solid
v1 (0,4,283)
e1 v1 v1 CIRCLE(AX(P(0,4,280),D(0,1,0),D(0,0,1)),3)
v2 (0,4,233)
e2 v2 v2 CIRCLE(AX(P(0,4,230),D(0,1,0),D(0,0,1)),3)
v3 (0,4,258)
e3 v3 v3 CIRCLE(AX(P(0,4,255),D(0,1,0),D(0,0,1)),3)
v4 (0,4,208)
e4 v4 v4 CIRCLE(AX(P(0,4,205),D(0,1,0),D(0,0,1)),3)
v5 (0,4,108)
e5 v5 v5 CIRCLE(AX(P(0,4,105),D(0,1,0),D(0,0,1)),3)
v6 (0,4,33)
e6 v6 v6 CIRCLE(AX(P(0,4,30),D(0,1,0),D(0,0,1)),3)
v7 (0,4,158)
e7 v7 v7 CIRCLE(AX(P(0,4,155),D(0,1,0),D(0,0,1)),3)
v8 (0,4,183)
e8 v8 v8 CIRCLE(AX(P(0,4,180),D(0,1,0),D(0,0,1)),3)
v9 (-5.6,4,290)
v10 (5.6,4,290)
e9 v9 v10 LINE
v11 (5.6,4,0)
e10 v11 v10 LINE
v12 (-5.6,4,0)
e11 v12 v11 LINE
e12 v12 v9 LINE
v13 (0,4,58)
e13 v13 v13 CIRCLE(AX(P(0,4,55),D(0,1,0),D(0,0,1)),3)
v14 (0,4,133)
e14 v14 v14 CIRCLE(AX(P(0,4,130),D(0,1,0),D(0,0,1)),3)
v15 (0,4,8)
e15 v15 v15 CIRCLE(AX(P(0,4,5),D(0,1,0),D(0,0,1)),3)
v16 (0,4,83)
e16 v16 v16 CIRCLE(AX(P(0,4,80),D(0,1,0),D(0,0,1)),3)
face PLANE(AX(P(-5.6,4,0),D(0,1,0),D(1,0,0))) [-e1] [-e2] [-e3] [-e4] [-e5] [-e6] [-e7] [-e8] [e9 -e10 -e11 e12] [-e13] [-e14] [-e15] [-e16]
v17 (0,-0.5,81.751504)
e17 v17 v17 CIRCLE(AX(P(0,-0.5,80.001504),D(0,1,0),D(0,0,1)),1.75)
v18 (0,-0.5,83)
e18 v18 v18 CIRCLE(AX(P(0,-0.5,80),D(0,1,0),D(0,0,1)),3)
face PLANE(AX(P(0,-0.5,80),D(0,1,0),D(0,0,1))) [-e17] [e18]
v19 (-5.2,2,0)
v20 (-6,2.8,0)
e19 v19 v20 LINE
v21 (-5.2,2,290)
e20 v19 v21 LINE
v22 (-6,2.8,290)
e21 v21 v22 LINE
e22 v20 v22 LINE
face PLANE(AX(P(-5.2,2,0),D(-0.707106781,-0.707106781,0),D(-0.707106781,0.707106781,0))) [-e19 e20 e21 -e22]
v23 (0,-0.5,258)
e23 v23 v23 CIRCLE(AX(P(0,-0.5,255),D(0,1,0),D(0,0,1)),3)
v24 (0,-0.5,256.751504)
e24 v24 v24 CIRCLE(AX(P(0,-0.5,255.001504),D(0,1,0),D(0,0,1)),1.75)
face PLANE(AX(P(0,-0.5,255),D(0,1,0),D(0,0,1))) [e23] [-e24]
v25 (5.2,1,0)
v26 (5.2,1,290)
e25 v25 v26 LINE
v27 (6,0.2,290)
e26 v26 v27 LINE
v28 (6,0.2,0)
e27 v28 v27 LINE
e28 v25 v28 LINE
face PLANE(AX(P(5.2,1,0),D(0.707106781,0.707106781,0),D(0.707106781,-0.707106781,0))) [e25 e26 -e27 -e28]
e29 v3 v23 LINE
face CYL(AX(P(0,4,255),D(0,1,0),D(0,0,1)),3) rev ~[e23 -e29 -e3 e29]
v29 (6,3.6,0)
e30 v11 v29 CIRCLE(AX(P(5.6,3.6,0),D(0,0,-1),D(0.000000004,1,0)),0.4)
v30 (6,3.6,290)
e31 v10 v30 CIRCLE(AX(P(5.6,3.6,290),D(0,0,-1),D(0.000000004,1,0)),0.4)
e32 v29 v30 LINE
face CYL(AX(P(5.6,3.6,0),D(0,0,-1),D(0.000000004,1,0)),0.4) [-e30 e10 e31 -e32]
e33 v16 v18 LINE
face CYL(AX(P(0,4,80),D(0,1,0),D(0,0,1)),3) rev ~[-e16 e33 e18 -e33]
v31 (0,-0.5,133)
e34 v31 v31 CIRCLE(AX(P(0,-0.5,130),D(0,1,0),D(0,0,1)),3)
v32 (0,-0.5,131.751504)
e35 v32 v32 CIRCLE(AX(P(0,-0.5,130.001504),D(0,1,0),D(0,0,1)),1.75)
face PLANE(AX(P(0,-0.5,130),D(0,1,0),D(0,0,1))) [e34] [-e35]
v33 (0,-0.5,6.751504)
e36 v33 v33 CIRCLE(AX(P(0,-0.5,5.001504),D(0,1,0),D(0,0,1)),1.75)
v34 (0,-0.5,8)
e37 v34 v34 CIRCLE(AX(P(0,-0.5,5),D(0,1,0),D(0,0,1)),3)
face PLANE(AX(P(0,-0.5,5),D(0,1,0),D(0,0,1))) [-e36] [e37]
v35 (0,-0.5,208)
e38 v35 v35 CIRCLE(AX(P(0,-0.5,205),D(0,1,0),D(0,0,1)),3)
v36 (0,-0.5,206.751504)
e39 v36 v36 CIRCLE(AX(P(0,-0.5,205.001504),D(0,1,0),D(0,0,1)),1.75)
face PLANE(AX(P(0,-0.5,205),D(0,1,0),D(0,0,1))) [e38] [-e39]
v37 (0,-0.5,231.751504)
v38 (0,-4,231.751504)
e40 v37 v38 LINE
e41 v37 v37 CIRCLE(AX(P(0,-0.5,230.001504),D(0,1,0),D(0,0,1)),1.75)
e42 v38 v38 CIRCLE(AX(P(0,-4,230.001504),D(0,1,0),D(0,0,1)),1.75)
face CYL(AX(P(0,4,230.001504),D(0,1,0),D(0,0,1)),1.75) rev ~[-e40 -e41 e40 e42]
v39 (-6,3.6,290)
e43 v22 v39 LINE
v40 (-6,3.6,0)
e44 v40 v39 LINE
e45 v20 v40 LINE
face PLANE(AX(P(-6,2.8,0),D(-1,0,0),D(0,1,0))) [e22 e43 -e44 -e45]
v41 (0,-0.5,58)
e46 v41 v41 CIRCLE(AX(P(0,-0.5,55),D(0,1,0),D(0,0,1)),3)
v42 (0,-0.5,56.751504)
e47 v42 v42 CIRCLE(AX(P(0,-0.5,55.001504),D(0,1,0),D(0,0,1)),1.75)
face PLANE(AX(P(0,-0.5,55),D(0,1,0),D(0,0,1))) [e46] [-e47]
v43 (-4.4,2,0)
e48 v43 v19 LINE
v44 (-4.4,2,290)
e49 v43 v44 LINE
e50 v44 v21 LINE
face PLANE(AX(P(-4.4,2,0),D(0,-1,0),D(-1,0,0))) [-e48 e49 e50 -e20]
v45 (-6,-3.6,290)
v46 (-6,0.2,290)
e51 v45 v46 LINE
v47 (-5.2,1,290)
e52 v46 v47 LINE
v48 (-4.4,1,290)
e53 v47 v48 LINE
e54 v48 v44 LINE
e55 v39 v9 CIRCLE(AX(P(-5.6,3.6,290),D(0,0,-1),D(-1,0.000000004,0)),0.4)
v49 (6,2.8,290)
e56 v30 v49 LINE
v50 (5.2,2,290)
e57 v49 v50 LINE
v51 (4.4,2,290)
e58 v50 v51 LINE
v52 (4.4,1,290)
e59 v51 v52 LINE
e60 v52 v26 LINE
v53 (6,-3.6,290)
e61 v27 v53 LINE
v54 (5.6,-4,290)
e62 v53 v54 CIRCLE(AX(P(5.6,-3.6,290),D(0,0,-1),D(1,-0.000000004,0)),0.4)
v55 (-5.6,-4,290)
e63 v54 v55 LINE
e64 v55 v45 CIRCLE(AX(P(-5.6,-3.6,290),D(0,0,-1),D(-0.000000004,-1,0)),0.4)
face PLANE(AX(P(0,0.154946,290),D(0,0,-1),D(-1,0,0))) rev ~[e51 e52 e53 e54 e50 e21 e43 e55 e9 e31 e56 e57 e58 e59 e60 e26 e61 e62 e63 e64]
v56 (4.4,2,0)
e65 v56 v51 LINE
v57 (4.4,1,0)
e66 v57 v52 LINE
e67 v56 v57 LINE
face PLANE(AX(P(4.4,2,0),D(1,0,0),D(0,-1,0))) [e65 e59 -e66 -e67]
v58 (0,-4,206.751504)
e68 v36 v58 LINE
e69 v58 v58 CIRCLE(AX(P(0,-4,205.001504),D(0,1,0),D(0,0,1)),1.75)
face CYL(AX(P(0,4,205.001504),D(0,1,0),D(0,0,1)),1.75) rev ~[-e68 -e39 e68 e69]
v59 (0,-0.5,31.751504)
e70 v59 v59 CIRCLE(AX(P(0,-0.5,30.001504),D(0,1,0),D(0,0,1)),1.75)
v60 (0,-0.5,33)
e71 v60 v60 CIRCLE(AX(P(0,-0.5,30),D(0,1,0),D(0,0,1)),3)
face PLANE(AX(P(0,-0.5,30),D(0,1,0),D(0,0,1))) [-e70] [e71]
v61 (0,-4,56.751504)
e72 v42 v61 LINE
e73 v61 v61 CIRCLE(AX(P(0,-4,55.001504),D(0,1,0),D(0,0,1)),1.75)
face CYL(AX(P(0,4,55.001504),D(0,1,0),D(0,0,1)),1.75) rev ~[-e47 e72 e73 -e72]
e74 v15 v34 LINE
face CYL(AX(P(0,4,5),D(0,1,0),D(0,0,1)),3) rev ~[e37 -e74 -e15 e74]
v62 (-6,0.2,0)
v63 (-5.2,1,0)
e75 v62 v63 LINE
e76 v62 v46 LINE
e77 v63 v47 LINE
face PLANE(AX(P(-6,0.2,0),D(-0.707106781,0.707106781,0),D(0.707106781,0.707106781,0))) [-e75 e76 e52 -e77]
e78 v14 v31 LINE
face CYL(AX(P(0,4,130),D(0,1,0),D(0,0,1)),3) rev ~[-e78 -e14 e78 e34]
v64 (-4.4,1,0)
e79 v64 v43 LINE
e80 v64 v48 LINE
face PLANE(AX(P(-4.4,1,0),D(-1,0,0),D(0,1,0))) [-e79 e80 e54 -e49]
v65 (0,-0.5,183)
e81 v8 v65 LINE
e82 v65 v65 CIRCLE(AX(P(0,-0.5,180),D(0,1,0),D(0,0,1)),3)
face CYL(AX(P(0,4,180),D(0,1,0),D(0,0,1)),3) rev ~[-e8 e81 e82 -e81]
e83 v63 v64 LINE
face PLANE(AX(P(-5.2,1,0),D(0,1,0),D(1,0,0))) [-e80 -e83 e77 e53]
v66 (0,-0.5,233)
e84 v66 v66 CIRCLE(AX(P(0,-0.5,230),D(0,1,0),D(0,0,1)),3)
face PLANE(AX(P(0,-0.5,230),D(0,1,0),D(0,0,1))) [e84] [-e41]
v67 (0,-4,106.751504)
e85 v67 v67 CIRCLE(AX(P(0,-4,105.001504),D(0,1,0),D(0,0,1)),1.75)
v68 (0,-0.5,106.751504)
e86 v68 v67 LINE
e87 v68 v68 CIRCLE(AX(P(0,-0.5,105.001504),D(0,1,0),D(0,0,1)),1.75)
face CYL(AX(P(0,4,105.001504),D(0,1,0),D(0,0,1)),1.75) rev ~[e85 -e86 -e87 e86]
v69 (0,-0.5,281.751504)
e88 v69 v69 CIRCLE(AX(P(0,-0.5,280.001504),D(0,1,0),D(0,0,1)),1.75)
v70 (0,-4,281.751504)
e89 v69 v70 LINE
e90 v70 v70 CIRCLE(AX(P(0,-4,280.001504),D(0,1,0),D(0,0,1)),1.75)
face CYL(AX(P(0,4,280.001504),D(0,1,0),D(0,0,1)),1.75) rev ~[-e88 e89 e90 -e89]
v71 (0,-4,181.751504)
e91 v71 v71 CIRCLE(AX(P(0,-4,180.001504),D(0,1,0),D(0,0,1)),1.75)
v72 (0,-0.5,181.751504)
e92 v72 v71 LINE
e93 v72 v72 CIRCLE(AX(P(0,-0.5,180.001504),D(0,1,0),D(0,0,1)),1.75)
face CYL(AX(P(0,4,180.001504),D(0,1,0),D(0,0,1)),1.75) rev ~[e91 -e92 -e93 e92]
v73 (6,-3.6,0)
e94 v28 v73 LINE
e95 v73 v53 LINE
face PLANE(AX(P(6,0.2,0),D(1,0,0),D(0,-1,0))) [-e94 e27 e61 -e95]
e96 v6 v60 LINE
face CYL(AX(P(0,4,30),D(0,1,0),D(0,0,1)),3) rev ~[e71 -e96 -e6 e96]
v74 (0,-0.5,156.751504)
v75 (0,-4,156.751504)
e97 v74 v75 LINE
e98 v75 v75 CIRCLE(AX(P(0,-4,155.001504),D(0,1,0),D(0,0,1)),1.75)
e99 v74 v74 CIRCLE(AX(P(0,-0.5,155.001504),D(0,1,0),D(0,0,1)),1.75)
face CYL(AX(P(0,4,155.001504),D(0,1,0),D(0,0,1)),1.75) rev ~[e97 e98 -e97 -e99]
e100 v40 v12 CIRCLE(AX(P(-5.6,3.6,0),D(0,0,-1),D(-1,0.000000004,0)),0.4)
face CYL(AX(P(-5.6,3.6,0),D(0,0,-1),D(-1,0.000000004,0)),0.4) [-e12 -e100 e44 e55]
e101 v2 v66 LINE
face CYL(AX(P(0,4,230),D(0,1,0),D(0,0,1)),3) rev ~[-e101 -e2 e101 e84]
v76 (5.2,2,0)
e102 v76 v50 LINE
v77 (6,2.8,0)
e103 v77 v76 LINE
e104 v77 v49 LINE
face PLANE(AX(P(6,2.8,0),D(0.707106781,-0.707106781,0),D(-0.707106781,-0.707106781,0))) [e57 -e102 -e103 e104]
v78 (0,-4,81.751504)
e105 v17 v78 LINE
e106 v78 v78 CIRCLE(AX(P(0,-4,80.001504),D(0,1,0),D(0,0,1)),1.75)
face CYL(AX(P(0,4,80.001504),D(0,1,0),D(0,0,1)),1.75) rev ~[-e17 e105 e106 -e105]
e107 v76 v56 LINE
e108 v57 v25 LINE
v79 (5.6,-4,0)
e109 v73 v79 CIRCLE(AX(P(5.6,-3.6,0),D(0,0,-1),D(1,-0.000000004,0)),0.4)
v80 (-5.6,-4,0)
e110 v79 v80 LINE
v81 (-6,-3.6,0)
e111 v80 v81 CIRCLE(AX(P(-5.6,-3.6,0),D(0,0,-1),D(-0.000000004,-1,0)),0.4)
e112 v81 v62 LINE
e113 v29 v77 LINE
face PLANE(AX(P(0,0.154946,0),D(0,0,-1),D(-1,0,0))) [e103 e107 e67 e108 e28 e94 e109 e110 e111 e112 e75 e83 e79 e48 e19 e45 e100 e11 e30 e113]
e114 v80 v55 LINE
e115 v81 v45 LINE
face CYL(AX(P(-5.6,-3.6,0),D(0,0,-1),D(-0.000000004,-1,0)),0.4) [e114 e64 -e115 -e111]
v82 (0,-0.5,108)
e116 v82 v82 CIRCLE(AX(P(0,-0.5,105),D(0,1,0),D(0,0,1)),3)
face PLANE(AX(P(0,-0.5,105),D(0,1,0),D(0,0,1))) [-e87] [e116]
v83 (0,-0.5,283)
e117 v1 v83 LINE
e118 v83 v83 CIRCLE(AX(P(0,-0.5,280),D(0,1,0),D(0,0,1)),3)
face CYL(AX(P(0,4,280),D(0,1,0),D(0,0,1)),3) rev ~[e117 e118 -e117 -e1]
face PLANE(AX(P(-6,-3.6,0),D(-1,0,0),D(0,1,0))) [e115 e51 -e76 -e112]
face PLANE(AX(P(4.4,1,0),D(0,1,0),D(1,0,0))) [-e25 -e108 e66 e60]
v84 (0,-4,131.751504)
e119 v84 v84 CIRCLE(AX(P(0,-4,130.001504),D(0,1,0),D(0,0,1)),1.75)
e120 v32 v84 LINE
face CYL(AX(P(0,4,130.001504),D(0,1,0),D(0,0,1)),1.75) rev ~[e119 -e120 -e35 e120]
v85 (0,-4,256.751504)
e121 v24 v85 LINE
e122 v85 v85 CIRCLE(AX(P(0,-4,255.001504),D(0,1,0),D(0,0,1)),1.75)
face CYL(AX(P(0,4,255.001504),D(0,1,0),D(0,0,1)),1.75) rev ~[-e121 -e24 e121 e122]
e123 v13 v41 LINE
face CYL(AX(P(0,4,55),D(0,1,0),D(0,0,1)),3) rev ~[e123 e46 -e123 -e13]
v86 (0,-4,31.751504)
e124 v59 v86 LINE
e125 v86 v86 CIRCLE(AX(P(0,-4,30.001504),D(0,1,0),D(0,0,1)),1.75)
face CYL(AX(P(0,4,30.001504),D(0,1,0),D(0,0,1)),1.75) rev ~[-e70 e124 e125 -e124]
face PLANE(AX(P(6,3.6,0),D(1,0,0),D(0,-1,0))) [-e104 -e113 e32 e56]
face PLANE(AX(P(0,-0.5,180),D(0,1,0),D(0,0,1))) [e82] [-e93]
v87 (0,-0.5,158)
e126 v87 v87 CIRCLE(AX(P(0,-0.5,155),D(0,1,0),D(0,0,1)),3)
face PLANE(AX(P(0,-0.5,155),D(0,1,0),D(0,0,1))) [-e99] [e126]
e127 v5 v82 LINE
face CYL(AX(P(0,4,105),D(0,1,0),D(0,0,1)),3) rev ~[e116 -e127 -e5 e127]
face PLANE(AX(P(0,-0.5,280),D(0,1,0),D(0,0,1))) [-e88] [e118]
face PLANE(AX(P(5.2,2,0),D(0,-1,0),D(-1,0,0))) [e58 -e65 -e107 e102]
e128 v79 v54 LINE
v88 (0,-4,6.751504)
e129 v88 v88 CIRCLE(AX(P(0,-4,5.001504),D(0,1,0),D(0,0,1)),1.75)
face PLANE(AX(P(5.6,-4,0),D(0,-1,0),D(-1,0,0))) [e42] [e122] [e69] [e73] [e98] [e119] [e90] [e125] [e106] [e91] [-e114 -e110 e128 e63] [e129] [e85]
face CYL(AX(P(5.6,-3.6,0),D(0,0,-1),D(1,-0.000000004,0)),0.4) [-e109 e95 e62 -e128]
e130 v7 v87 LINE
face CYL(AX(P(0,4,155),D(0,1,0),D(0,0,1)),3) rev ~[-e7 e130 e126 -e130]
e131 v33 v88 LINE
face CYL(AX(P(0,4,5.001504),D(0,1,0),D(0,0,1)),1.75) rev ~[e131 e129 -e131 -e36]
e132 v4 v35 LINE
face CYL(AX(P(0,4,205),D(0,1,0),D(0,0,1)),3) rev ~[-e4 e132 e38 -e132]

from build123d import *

# Parameters (mm, degrees)
BOSS_EXTRUDE1_DEPTH = 290
SKETCH2_R           = 3
CUT_EXTRUDE1_DEPTH  = 4.5
SKETCH3_R           = 1.75
CUT_EXTRUDE2_DEPTH  = 291.172362571


with BuildPart() as part:
    # Sketch1 → Boss-Extrude1 (new body)
    with BuildSketch(Plane.XY):
        with BuildLine():
            Line((-5.6, 4), (5.6, 4))
            ThreePointArc((5.6, 4), (5.882842712, 3.882842712), (6, 3.6))
            Line((6, 3.6), (6, 2.8))
            Line((6, 2.8), (5.2, 2))
            Line((5.2, 2), (4.4, 2))
            Line((4.4, 2), (4.4, 1))
            Line((4.4, 1), (5.2, 1))
            Line((5.2, 1), (6, 0.2))
            Line((6, 0.2), (6, -3.6))
            ThreePointArc((6, -3.6), (5.882842712, -3.882842712), (5.6, -4))
            Line((5.6, -4), (-5.6, -4))
            ThreePointArc((-5.6, -4), (-5.882842712, -3.882842712), (-6, -3.6))
            Line((-6, -3.6), (-6, 0.2))
            Line((-6, 0.2), (-5.2, 1))
            Line((-5.2, 1), (-4.4, 1))
            Line((-4.4, 1), (-4.4, 2))
            Line((-4.4, 2), (-5.2, 2))
            Line((-5.2, 2), (-6, 2.8))
            Line((-6, 2.8), (-6, 3.6))
            ThreePointArc((-6, 3.6), (-5.882842712, 3.882842712), (-5.6, 4))
        make_face()
    extrude(amount=BOSS_EXTRUDE1_DEPTH)

    # Sketch2 → Cut-Extrude1 (cut)
    with BuildSketch(Plane(origin=(0, 4, 0), x_dir=(1, 0, 0), z_dir=(0, 1, 0))):
        with Locations(Location((0, -280, 0), (0, 0, 270))):
            Circle(SKETCH2_R)
        with Locations(Location((0, -255, 0), (0, 0, 270))):
            Circle(SKETCH2_R)
        with Locations(Location((0, -230, 0), (0, 0, 270))):
            Circle(SKETCH2_R)
        with Locations(Location((0, -205, 0), (0, 0, 270))):
            Circle(SKETCH2_R)
        with Locations(Location((0, -180, 0), (0, 0, 270))):
            Circle(SKETCH2_R)
        with Locations(Location((0, -155, 0), (0, 0, 270))):
            Circle(SKETCH2_R)
        with Locations(Location((0, -130, 0), (0, 0, 270))):
            Circle(SKETCH2_R)
        with Locations(Location((0, -105, 0), (0, 0, 270))):
            Circle(SKETCH2_R)
        with Locations(Location((0, -80, 0), (0, 0, 270))):
            Circle(SKETCH2_R)
        with Locations(Location((0, -55, 0), (0, 0, 270))):
            Circle(SKETCH2_R)
        with Locations(Location((0, -30, 0), (0, 0, 270))):
            Circle(SKETCH2_R)
        with Locations(Location((0, -5, 0), (0, 0, 270))):
            Circle(SKETCH2_R)
        with Locations((0, 20)):
            Circle(SKETCH2_R)
        with Locations((0, 45)):
            Circle(SKETCH2_R)
        with Locations((0, 70)):
            Circle(SKETCH2_R)
        with Locations((0, 95)):
            Circle(SKETCH2_R)
        with Locations((0, 120)):
            Circle(SKETCH2_R)
        with Locations((0, 145)):
            Circle(SKETCH2_R)
    extrude(amount=-CUT_EXTRUDE1_DEPTH, mode=Mode.SUBTRACT)

    # Sketch3 → Cut-Extrude2 (cut, through all)
    with BuildSketch(Plane(origin=(0, 4, 0), x_dir=(1, 0, 0), z_dir=(0, 1, 0))):
        with Locations(Location((0, -280.001504258, 0), (0, 0, 270))):
            Circle(SKETCH3_R)
        with Locations(Location((0, -255.001504258, 0), (0, 0, 270))):
            Circle(SKETCH3_R)
        with Locations(Location((0, -230.001504258, 0), (0, 0, 270))):
            Circle(SKETCH3_R)
        with Locations(Location((0, -205.001504258, 0), (0, 0, 270))):
            Circle(SKETCH3_R)
        with Locations(Location((0, -180.001504258, 0), (0, 0, 270))):
            Circle(SKETCH3_R)
        with Locations(Location((0, -155.001504258, 0), (0, 0, 270))):
            Circle(SKETCH3_R)
        with Locations(Location((0, -130.001504258, 0), (0, 0, 270))):
            Circle(SKETCH3_R)
        with Locations(Location((0, -105.001504258, 0), (0, 0, 270))):
            Circle(SKETCH3_R)
        with Locations(Location((0, -80.001504258, 0), (0, 0, 270))):
            Circle(SKETCH3_R)
        with Locations(Location((0, -55.001504258, 0), (0, 0, 270))):
            Circle(SKETCH3_R)
        with Locations(Location((0, -30.001504258, 0), (0, 0, 270))):
            Circle(SKETCH3_R)
        with Locations(Location((0, -5.001504258, 0), (0, 0, 270))):
            Circle(SKETCH3_R)
        with Locations((0, 19.998495742)):
            Circle(SKETCH3_R)
        with Locations((0, 44.998495742)):
            Circle(SKETCH3_R)
        with Locations((0, 69.998495742)):
            Circle(SKETCH3_R)
    extrude(amount=-CUT_EXTRUDE2_DEPTH, mode=Mode.SUBTRACT)


solid = part.part
